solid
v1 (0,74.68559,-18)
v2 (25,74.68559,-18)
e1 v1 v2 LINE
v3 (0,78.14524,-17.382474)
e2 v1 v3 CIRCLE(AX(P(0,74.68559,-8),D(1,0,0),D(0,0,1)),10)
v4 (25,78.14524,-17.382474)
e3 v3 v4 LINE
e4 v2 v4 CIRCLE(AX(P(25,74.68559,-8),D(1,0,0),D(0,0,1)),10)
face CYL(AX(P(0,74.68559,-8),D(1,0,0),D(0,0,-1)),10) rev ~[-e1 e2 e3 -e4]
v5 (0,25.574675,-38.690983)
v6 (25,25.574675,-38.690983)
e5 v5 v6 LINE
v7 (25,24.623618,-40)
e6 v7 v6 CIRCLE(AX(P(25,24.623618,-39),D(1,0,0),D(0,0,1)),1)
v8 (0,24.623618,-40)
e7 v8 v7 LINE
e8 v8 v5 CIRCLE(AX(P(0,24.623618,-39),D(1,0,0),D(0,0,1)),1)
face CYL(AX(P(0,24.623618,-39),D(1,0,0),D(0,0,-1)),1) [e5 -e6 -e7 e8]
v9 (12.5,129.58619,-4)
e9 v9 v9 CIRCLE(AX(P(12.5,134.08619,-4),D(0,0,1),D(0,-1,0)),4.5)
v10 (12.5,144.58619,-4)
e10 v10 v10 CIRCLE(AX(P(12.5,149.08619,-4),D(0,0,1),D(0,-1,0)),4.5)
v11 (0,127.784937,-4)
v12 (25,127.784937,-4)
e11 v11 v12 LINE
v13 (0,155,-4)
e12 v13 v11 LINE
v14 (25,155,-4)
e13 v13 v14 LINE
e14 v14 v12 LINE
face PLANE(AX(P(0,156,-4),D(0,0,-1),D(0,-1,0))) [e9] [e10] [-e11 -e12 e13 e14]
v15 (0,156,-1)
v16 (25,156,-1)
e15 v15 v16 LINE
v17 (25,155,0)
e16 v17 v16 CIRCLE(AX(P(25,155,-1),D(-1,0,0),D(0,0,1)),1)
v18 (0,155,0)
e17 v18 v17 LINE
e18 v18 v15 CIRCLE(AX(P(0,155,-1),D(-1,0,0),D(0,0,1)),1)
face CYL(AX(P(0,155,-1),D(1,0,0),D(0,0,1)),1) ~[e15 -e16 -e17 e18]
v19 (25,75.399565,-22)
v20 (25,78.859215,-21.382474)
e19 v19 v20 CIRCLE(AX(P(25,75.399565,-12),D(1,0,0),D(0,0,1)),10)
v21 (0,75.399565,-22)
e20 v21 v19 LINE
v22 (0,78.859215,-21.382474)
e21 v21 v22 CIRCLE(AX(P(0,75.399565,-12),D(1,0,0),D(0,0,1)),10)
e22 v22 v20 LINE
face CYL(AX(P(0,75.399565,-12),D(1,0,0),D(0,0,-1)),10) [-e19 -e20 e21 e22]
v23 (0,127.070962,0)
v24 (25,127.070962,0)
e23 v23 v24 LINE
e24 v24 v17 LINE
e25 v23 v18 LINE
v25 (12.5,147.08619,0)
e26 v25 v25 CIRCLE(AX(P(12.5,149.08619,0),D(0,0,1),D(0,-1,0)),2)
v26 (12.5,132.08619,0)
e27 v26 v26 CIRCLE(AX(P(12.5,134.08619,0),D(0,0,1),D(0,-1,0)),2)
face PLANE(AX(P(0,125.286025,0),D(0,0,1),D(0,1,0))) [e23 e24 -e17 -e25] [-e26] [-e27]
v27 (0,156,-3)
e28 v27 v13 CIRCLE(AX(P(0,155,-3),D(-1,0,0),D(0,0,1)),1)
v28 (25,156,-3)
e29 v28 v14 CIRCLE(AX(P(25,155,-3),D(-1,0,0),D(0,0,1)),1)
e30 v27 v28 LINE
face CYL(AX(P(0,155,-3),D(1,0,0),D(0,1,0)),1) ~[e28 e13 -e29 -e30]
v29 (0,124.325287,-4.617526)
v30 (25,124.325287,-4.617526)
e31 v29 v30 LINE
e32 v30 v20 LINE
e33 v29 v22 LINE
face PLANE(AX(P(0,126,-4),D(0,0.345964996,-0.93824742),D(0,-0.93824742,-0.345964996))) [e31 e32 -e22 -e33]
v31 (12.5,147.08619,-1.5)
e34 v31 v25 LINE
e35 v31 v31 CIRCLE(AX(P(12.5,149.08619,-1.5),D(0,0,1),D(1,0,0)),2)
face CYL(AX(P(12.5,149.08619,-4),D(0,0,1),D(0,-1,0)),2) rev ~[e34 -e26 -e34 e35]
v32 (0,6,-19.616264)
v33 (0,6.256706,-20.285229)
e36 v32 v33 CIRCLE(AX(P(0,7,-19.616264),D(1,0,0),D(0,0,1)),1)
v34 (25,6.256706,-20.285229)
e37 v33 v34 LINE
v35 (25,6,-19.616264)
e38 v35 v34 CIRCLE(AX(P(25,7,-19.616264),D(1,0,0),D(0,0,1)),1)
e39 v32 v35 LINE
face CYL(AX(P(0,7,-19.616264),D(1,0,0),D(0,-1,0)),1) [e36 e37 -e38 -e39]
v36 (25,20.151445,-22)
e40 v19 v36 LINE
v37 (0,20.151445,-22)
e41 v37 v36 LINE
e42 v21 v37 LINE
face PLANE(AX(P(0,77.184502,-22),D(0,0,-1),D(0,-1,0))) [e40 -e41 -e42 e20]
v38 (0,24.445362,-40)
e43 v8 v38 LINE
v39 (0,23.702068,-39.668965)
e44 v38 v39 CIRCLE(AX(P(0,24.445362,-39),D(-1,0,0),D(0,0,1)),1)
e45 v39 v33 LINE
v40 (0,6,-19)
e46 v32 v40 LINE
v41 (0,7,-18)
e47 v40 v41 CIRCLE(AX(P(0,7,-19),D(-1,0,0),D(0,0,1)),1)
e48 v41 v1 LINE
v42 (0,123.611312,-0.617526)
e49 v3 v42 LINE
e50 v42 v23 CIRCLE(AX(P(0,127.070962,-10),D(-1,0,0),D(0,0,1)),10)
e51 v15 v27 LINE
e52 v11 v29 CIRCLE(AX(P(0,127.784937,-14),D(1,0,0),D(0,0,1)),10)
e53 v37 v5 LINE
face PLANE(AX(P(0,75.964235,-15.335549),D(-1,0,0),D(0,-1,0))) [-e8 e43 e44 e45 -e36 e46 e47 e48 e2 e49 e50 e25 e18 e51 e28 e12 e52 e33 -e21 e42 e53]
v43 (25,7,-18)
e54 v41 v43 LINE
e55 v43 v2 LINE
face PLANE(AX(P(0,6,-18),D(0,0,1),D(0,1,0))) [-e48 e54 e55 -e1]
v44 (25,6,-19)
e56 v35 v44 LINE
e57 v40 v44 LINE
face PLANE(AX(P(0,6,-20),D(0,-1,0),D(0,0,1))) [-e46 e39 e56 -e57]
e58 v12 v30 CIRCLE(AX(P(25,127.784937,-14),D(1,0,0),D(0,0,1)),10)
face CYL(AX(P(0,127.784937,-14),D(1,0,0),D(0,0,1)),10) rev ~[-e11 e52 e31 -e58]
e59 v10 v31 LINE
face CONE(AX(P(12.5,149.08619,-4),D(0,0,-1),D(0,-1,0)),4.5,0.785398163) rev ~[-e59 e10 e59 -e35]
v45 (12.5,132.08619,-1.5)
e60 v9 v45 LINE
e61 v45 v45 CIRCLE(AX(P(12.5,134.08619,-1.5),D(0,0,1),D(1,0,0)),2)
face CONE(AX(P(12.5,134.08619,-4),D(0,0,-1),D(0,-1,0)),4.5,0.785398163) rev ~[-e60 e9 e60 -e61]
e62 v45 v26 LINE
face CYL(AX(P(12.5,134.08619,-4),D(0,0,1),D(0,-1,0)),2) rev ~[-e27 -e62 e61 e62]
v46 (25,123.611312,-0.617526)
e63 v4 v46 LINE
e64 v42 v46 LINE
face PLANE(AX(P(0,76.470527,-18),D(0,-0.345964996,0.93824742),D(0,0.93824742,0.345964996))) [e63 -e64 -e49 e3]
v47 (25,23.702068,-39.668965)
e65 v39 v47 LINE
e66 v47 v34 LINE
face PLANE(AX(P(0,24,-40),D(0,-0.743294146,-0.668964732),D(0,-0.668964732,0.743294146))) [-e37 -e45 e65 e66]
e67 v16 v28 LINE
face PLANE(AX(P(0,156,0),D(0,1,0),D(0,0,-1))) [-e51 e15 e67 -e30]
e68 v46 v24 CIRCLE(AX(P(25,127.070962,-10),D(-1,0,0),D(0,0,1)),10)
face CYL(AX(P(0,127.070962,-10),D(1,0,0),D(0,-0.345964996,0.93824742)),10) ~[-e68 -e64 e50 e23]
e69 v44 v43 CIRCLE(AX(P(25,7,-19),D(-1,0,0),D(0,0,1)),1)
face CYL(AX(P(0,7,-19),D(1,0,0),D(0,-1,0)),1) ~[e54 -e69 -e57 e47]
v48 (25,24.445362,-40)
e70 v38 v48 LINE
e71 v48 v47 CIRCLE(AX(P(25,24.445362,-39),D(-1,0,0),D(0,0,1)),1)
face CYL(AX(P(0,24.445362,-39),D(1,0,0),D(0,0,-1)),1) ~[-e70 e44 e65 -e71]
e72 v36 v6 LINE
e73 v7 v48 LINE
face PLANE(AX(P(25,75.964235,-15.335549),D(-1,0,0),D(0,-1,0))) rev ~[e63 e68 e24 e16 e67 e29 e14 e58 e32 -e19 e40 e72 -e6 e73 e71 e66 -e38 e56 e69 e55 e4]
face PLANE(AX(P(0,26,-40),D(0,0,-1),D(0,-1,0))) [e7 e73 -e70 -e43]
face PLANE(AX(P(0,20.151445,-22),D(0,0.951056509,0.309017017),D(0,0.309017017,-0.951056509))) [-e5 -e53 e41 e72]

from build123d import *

# Parameters (mm, degrees)
PAD_DEPTH        = 25
HOLE_D           = 4
HOLE_DEPTH       = 25
HOLE_CSINK_D     = 9
HOLE_CSINK_ANGLE = 90
FILLET_R         = 1
FILLET001_R      = 10
FILLET002_R      = 1


with BuildPart() as part:
    # Sketch001 → Pad (new body)
    with BuildSketch(Plane.YZ):
        Polygon((6, -20), (6, -18), (76.470527, -18), (125.286025, 0), (156, 0), (156, -4), (126, -4), (77.184502, -22), (20.151445, -22), (26, -40), (24, -40), align=None)
    extrude(amount=PAD_DEPTH)

    # Hole
    with Locations(Plane.YX.offset(4)):
        with Locations((134.08619, 12.5), (149.08619, 12.5)):
            CounterSinkHole(HOLE_D / 2, HOLE_CSINK_D / 2, depth=HOLE_DEPTH, counter_sink_angle=HOLE_CSINK_ANGLE)

    # Fillet
    fillet_edges = [part.edges().sort_by_distance(p)[0] for p in [
        (12.5, 6, -18),
        (12.5, 6, -20),
        (12.5, 24, -40),
        (12.5, 26, -40),
    ]]
    fillet(fillet_edges, radius=FILLET_R)

    # Fillet001
    fillet001_edges = [part.edges().sort_by_distance(p)[0] for p in [
        (12.5, 76.470527, -18),
        (12.5, 125.286025, 0),
        (12.5, 77.184502, -22),
        (12.5, 126, -4),
    ]]
    fillet(fillet001_edges, radius=FILLET001_R)

    # Fillet002
    fillet002_edges = [part.edges().sort_by_distance(p)[0] for p in [
        (12.5, 156, -4),
        (12.5, 156, 0),
    ]]
    fillet(fillet002_edges, radius=FILLET002_R)


solid = part.part
